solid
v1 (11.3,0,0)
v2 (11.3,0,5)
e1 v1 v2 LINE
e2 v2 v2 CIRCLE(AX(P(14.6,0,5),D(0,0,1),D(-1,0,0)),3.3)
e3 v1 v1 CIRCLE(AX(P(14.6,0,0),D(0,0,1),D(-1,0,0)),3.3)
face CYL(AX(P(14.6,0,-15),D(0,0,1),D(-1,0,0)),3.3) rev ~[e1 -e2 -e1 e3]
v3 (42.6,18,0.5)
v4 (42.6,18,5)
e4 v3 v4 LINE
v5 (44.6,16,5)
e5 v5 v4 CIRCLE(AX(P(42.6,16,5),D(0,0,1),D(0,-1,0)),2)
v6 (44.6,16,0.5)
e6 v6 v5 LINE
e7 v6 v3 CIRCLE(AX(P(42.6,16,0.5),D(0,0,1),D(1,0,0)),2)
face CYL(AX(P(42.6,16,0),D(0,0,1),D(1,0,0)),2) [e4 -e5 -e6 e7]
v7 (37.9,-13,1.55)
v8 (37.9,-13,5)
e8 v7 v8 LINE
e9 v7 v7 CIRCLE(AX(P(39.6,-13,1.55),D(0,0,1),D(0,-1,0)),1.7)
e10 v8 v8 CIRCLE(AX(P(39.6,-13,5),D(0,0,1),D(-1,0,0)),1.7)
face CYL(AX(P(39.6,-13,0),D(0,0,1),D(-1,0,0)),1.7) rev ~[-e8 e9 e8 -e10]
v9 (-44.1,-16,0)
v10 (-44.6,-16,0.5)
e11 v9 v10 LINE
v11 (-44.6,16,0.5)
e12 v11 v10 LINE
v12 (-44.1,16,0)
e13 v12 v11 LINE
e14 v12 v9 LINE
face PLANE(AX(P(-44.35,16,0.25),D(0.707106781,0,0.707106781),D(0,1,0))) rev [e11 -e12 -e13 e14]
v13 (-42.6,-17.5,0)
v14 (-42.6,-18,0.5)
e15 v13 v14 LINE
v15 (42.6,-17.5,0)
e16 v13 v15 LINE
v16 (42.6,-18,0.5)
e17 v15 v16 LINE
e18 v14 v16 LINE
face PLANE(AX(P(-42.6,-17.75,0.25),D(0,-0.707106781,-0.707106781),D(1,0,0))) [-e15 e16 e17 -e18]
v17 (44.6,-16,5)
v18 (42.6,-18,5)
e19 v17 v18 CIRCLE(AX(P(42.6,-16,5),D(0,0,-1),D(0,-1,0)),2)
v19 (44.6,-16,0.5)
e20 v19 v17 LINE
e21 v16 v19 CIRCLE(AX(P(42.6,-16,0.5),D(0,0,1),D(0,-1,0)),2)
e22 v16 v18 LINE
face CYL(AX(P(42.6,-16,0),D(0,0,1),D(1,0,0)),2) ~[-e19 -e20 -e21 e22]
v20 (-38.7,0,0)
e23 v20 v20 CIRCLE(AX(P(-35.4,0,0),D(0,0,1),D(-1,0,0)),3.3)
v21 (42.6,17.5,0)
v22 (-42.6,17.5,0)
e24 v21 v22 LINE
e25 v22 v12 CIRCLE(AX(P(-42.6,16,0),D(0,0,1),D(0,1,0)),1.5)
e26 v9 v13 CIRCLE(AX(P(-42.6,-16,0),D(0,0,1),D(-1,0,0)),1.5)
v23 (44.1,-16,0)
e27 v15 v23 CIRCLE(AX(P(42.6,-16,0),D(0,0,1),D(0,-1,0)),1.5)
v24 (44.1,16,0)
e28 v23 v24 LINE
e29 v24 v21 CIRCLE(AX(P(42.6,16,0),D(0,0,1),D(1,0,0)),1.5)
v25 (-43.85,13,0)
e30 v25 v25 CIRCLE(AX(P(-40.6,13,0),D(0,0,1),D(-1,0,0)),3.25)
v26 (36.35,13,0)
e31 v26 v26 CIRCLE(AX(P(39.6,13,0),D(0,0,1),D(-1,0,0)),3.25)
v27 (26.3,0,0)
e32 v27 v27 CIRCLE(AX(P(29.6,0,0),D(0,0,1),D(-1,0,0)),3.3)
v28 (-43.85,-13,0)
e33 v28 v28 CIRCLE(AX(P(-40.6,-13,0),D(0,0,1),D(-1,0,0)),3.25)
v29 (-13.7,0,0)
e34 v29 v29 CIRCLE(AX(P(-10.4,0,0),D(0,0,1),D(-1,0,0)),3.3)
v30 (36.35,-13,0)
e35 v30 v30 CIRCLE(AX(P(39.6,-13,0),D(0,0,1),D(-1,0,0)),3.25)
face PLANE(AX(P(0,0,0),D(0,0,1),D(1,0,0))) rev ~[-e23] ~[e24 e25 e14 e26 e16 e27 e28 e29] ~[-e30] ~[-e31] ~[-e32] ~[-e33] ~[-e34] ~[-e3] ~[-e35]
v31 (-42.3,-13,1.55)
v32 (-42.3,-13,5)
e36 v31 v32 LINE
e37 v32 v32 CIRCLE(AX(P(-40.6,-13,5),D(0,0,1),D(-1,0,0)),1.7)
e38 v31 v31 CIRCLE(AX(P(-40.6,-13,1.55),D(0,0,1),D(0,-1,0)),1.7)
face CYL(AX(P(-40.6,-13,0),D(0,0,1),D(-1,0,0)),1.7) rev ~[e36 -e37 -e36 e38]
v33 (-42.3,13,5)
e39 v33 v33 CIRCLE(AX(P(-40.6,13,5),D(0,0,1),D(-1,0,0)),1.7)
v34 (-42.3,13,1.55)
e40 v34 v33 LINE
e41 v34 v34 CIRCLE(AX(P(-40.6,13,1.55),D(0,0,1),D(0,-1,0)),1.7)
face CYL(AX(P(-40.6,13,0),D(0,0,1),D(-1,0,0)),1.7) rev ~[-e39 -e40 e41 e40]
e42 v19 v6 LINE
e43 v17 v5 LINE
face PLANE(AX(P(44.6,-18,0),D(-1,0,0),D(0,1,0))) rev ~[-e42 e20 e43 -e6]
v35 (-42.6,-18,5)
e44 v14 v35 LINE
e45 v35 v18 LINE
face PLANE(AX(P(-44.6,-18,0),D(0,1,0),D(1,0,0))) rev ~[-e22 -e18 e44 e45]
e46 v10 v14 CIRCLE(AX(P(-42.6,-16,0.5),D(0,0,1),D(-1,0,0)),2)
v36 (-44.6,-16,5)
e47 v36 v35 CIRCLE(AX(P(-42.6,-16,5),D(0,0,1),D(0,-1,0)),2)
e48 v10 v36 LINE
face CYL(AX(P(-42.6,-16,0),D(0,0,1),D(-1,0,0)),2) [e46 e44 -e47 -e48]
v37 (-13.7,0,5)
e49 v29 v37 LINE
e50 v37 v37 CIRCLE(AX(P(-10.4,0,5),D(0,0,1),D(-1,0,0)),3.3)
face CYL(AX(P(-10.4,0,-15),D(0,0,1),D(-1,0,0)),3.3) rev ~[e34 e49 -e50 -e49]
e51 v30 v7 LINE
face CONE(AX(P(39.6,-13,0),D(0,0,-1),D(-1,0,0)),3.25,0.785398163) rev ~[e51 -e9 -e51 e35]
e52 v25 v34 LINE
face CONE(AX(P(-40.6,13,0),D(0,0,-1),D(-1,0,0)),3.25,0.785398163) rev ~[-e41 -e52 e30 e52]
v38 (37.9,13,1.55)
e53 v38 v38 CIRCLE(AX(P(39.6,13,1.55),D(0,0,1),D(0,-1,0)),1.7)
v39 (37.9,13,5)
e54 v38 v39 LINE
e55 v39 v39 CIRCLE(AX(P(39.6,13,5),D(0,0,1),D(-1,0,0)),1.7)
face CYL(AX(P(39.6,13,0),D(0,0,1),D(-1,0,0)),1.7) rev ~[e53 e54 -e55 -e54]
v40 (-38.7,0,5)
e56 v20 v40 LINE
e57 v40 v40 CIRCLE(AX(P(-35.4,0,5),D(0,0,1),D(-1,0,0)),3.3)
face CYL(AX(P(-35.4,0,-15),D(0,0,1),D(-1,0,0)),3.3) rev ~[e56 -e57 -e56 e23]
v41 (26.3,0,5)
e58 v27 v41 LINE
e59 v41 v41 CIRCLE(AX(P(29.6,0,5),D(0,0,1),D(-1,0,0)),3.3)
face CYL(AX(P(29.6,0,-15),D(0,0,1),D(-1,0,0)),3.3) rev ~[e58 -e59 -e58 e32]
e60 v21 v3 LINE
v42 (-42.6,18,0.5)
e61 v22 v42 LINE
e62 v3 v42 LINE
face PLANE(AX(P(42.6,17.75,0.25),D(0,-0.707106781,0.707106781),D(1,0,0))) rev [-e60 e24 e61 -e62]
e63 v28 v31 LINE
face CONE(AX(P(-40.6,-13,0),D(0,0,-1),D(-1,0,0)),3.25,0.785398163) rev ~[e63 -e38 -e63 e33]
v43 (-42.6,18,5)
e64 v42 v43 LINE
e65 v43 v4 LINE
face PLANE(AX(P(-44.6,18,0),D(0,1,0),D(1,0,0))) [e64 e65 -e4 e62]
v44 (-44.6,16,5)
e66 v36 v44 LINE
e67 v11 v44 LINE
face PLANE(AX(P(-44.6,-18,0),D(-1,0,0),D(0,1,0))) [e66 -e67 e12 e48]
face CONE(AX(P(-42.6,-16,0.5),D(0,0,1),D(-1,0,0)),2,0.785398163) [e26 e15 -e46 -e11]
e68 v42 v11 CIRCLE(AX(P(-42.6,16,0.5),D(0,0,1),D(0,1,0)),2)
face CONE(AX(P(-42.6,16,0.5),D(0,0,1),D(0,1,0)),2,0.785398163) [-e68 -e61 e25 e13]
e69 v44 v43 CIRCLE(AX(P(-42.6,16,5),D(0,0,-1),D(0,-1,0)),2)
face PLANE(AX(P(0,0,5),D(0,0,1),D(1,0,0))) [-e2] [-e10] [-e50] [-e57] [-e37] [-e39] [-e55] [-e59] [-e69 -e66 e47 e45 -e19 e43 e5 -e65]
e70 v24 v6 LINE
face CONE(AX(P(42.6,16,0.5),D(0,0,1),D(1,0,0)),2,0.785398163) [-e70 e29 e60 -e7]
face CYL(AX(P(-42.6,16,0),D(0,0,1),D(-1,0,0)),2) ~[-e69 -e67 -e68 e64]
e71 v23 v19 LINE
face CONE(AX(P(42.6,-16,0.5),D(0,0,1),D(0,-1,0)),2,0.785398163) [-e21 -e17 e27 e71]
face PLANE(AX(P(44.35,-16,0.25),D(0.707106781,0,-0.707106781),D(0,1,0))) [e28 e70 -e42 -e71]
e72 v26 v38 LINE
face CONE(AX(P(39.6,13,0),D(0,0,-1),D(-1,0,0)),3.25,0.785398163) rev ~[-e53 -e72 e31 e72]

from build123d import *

# Parameters (mm, degrees)
F0_W           = 89.2
F0_H           = 36
F1_DEPTH       = 5
F2_D           = 6.6
F2_DEPTH       = 15
F2_TIP         = 1.9828400428
F3_D           = 3.4
F3_DEPTH       = 15
F3_CSINK_D     = 6.5
F3_CSINK_ANGLE = 90
F3_TIP         = 1.0214630523
F4_R           = 2
F5_SIZE        = 0.5


with BuildPart() as f1:
    # F0 (on Top) → F1 (new body)
    with BuildSketch(Plane.XY):
        Rectangle(F0_W, F0_H)
    extrude(amount=F1_DEPTH)

    # F2
    with Locations(Plane(origin=(0, 0, 0), x_dir=(1, 0, 0), z_dir=(0, 0, -1))):
        with Locations((-35.4, 0), (-10.4, 0), (14.6, 0), (29.6, 0)):
            Hole(F2_D / 2, depth=F2_DEPTH)
            with Locations((0, 0, -(F2_DEPTH + F2_TIP / 2))):  # 118° drill point
                Cone(0, F2_D / 2, F2_TIP, mode=Mode.SUBTRACT)

    # F3
    with Locations(Plane(origin=(0, 0, 0), x_dir=(1, 0, 0), z_dir=(0, 0, -1))):
        with Locations((-40.6, 13), (-40.6, -13), (39.6, -13), (39.6, 13)):
            CounterSinkHole(F3_D / 2, F3_CSINK_D / 2, depth=F3_DEPTH, counter_sink_angle=F3_CSINK_ANGLE)
            with Locations((0, 0, -(F3_DEPTH + F3_TIP / 2))):  # 118° drill point
                Cone(0, F3_D / 2, F3_TIP, mode=Mode.SUBTRACT)

    # F4
    f4_edges = [f1.edges().sort_by_distance(p)[0] for p in [
        (-44.6, 18, 2.5),
        (44.6, 18, 2.5),
        (-44.6, -18, 2.5),
        (44.6, -18, 2.5),
    ]]
    fillet(f4_edges, radius=F4_R)

    # F5
    f5_edges = [f1.edges().sort_by_distance(p)[0] for p in [
        (44.6, 0, 0),
    ]]
    chamfer(f5_edges, length=F5_SIZE)


solid = f1.part
